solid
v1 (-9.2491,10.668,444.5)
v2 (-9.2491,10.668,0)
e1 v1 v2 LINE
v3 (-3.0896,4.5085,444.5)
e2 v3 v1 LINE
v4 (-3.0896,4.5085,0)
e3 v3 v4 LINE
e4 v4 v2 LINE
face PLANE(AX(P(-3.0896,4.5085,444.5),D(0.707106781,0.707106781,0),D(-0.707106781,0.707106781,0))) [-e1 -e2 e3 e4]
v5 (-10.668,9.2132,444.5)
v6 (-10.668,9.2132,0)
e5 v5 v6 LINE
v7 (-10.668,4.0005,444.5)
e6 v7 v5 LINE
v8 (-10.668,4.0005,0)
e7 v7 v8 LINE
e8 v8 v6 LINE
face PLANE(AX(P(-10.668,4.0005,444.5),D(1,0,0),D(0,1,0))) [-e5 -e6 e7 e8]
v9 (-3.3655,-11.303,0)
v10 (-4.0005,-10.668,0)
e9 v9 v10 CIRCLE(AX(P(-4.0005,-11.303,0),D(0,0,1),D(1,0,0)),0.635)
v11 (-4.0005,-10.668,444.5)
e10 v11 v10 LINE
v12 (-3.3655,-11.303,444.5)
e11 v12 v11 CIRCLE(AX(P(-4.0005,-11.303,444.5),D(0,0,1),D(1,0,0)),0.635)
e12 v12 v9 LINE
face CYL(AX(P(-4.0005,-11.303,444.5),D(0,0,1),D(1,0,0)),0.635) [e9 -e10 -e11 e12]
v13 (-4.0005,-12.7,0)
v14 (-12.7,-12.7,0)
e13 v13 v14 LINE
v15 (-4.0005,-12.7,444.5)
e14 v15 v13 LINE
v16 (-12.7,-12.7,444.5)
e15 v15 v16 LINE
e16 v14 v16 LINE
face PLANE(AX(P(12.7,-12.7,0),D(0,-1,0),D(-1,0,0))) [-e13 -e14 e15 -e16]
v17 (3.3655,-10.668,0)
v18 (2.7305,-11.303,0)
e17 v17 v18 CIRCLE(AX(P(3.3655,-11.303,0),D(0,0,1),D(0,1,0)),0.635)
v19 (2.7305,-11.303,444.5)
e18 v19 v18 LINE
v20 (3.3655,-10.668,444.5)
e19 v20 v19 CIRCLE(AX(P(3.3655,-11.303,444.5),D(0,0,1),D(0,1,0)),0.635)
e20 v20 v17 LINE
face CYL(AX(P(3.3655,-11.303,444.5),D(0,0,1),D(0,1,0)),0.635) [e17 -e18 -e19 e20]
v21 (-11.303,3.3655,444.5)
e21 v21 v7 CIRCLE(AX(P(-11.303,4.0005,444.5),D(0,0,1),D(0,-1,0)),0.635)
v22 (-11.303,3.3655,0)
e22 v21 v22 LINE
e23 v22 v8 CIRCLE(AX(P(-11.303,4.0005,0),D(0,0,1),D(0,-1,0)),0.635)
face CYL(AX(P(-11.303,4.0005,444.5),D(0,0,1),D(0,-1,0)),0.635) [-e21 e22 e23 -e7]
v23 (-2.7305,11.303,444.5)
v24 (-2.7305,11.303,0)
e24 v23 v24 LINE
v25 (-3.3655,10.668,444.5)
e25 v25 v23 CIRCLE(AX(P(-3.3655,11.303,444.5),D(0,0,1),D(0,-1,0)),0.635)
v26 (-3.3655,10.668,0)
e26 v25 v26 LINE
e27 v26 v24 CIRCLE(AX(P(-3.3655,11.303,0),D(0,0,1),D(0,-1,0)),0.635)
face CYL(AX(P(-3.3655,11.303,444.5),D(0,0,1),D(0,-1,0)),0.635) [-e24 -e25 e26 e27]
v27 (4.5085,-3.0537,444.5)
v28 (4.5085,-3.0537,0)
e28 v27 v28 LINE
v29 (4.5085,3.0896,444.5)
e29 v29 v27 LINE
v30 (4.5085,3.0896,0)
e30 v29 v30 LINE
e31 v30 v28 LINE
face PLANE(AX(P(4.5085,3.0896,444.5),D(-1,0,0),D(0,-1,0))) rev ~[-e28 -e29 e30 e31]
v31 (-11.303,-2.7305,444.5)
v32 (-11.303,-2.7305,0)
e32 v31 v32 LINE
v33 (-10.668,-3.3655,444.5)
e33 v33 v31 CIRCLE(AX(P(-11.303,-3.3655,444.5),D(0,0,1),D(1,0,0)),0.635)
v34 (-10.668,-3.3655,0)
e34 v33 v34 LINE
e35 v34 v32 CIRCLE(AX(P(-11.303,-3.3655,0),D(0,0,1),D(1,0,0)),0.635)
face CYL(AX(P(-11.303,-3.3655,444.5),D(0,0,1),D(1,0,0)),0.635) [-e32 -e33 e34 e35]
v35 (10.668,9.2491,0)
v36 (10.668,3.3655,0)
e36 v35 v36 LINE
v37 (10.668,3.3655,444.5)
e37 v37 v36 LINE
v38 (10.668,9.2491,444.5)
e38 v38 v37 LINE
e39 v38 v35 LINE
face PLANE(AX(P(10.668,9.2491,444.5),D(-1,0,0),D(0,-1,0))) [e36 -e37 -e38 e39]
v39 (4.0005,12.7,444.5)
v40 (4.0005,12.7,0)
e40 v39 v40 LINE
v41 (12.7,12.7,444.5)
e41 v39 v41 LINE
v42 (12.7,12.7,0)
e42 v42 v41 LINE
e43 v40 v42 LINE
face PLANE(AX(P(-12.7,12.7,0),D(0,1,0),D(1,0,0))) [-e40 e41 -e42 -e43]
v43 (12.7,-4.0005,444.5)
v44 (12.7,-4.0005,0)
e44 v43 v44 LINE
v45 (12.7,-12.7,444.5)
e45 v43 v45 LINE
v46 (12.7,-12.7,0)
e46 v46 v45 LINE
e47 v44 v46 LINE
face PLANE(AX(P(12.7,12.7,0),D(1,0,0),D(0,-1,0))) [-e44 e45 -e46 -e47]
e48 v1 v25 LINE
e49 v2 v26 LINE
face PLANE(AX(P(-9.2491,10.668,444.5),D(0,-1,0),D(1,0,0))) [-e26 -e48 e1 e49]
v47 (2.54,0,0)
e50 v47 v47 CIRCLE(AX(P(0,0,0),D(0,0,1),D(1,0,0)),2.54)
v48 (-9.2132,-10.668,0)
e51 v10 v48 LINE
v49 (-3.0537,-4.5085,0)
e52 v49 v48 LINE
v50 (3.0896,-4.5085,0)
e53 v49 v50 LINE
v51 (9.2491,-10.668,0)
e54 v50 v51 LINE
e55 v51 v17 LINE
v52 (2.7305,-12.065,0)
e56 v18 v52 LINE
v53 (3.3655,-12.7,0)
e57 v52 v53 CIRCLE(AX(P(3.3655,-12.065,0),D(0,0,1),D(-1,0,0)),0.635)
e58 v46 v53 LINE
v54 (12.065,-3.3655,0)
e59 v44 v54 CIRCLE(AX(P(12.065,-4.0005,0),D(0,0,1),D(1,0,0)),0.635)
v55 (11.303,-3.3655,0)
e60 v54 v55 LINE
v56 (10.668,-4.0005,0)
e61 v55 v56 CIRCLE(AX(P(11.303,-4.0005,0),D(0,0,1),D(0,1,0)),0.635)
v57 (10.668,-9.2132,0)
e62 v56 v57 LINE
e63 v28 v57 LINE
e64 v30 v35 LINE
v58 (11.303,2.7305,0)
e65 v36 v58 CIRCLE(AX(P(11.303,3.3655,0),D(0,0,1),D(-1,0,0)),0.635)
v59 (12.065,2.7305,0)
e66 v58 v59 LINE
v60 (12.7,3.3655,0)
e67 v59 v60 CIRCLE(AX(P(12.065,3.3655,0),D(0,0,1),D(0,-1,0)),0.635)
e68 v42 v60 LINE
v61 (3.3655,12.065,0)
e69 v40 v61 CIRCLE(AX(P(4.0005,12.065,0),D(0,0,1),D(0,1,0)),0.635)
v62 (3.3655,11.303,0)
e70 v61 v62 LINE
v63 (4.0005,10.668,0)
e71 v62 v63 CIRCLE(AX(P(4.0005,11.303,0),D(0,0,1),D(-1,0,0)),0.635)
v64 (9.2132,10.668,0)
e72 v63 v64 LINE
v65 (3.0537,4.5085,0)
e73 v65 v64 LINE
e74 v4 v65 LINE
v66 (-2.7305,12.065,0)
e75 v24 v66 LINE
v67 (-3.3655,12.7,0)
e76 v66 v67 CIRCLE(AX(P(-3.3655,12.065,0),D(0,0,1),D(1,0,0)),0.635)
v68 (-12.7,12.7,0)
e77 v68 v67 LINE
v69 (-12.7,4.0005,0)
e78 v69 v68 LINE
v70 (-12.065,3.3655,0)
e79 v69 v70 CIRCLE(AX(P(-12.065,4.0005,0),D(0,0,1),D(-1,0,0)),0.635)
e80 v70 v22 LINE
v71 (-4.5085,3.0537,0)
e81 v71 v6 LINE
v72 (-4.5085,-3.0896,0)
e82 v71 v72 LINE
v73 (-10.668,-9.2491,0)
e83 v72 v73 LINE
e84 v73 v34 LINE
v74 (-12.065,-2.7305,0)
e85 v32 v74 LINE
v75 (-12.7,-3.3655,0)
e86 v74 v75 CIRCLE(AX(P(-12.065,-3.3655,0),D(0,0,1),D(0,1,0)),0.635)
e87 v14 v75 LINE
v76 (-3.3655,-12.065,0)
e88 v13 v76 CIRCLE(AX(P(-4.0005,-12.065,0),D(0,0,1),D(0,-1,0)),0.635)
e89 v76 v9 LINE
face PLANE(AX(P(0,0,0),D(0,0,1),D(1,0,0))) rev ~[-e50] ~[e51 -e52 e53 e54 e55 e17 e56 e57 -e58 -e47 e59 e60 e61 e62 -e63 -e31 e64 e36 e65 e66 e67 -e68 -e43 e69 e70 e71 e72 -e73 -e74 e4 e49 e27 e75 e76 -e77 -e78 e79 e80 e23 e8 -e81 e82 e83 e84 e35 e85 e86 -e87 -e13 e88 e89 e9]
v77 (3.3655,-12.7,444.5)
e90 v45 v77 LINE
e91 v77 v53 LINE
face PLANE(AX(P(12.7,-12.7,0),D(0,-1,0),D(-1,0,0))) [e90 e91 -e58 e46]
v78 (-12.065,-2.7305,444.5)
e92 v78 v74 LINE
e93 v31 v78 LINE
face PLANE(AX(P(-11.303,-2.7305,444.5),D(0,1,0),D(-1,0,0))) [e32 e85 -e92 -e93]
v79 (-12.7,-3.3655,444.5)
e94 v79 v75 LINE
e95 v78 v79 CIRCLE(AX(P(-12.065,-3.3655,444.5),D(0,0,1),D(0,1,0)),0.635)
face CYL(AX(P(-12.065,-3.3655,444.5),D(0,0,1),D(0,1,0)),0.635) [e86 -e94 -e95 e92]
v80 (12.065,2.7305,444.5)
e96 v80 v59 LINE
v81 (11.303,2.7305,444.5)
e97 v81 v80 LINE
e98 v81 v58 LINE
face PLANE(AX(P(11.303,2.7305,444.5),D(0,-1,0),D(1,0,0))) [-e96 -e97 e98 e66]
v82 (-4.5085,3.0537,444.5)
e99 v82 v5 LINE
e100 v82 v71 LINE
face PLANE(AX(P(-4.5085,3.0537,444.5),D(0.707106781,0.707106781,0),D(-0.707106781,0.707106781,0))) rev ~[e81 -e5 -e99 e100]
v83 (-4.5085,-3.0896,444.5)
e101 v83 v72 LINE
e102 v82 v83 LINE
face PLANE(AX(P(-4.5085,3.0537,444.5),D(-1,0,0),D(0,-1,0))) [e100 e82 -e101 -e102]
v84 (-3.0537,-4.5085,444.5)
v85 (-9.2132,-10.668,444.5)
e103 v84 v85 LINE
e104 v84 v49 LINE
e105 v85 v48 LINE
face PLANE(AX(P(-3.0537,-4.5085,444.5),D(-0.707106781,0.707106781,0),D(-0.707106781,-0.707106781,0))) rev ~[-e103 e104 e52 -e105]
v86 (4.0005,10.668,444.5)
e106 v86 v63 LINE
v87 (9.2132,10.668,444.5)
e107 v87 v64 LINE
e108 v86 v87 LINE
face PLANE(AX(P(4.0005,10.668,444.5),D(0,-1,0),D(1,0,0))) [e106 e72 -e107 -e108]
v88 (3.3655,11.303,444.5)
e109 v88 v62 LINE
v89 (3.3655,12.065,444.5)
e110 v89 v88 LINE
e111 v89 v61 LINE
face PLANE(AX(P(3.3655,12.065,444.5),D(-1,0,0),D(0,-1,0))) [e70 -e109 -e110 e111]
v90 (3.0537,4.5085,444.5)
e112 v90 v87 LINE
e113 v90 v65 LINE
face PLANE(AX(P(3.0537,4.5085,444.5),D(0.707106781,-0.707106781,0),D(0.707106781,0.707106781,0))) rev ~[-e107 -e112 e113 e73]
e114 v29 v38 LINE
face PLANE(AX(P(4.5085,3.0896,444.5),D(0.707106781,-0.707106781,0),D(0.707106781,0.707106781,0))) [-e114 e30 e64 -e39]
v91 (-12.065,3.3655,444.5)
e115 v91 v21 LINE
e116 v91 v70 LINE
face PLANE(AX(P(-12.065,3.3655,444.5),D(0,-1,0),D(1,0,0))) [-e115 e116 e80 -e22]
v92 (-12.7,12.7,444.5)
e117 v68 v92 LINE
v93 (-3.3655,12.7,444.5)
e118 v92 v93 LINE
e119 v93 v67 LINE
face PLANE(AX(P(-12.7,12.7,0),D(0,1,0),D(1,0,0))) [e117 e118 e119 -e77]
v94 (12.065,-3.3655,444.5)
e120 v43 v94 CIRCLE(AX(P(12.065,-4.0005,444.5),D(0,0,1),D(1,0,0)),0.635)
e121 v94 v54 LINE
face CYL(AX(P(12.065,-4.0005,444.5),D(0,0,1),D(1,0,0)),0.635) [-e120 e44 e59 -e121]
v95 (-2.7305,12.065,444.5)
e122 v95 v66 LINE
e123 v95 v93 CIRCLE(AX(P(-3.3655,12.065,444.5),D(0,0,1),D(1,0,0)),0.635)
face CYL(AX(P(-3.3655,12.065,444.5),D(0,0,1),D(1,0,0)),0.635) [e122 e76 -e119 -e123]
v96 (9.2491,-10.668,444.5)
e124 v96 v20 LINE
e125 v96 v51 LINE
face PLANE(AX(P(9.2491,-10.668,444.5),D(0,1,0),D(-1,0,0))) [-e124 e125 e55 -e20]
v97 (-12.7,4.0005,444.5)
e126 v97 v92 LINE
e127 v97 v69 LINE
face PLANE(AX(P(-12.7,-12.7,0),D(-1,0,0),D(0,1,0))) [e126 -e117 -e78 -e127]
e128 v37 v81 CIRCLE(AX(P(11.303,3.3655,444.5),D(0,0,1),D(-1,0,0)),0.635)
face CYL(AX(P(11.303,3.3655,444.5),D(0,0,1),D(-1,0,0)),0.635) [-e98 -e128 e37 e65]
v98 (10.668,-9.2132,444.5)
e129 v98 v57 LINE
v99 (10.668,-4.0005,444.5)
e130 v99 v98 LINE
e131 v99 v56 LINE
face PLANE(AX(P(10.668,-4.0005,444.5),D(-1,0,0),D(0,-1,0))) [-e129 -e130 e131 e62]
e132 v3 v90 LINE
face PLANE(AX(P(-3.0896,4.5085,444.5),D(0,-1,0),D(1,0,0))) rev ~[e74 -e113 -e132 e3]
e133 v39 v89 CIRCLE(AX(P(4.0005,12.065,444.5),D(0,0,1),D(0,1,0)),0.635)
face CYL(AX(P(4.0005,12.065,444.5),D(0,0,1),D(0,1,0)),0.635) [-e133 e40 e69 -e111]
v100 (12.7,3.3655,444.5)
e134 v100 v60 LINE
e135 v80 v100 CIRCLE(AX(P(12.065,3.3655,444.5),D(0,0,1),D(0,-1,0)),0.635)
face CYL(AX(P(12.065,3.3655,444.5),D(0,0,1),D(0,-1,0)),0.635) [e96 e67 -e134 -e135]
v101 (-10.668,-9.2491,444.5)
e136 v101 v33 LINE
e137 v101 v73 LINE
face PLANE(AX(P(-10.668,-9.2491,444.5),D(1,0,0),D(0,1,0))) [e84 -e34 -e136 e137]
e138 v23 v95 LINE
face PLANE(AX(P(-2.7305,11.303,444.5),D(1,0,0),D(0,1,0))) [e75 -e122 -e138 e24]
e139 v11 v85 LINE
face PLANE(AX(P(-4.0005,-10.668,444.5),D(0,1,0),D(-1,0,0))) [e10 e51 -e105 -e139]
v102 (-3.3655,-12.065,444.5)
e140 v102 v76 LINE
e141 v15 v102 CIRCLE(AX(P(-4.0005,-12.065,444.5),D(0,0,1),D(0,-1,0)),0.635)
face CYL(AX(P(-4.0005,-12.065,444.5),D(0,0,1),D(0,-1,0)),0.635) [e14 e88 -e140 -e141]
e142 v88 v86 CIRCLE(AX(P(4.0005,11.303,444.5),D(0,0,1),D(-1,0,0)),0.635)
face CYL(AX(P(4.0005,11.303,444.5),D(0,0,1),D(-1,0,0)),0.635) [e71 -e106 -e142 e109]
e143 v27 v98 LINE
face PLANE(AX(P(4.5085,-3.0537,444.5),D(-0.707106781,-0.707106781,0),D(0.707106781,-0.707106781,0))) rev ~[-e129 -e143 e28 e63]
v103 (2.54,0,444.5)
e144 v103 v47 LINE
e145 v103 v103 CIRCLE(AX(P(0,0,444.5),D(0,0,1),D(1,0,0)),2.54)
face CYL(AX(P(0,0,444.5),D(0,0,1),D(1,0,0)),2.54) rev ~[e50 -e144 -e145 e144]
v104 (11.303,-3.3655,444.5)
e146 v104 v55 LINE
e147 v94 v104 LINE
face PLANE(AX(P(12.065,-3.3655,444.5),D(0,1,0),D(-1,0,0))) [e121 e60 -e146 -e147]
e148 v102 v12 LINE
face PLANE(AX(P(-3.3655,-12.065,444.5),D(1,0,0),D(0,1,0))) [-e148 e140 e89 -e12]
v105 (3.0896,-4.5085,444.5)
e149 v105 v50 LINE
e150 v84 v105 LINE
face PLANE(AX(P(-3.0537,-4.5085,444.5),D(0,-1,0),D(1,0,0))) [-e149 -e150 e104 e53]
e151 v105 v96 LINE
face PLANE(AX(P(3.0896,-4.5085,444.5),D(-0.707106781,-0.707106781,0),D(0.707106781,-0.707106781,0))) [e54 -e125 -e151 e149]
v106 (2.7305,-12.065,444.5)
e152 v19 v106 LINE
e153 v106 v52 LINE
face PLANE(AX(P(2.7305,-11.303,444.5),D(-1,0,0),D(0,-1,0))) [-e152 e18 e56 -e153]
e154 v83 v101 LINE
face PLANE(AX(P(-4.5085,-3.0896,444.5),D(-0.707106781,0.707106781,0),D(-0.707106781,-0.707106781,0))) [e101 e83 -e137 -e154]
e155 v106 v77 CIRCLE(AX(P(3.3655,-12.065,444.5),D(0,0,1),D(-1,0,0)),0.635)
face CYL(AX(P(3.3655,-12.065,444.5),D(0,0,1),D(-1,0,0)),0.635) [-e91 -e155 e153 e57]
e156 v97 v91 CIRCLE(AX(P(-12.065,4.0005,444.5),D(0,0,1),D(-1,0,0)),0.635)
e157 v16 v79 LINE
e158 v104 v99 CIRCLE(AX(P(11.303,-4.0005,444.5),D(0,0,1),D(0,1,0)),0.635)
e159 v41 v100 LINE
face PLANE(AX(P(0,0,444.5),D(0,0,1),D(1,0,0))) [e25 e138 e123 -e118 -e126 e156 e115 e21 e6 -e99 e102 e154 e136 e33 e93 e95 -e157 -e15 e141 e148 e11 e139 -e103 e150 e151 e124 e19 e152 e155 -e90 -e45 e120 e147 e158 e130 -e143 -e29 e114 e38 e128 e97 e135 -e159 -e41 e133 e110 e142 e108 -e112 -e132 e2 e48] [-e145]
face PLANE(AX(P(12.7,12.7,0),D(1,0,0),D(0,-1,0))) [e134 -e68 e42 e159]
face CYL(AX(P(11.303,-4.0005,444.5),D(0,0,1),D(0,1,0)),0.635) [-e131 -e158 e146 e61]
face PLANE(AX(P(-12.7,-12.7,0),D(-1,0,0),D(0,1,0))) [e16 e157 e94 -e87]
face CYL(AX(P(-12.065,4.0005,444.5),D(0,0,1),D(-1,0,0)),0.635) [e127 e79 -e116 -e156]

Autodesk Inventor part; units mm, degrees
ref_plane "YZ Plane" through (0, 0, 0) normal (1, 0, 0) x (0, 1, 0)
ref_plane "XZ Plane" through (0, 0, 0) normal (0, 1, 0) x (-1, 0, 0)
ref_plane "XY Plane" through (0, 0, 0) normal (0, 0, 1) x (1, 0, 0)
sketch "Sketch1" plane through (0, 0, 0) normal (0, 0, 1) x (1, 0, 0)
  line L0 (-12.7, 12.7) -> (12.7, 12.7)
  line L1 (12.7, 12.7) -> (12.7, -12.7)
  line L2 (12.7, -12.7) -> (-12.7, -12.7)
  line L3 (-12.7, -12.7) -> (-12.7, 12.7)
  point P0 (0, 0)
  dimension "d0" = 25.4
  dimension "d1" = 25.4
  dimension "d2" = 12.7
  dimension "d3" = 12.7
extrude "Extrusion1" add sketch "Sketch1" along normal blind 444.5
sketch "Sketch2" plane through (0, 0, 444.5) normal (0, 0, 1) x (1, 0, 0)
  circle A0 centre (0, 0) radius 2.54
  line L0 (-4.5085, 4.5085) -> (4.5085, 4.5085)
  line L1 (-4.5085, -4.5085) -> (4.5085, -4.5085)
  line L2 (4.5085, 4.5085) -> (4.5085, -4.5085)
  line L3 (-4.5085, 4.5085) -> (-4.5085, -4.5085)
  line L4 (-3.0896, 4.5085) -> (-11.2811, 12.7)
  line L5 (-4.5085, 3.0537) -> (-12.7, 11.2452)
  line L6 (12.7, 12.7) -> (-12.7, 12.7) projected
  line L7 (-12.7, 12.7) -> (-12.7, 4.0005)
  line L8 (-10.668, 4.0005) -> (-10.668, 9.2132)
  line L9 (-9.2491, 10.668) -> (-3.3655, 10.668)
  line L10 (-12.7, 12.7) -> (-3.3655, 12.7)
  line L11 (-2.7305, 11.303) -> (-2.7305, 12.065)
  line L12 (-12.065, 3.3655) -> (-11.303, 3.3655)
  arc A1 (-12.7, 4.0005) -> (-12.065, 3.3655) centre (-12.065, 4.0005) ccw
  arc A2 (-11.303, 3.3655) -> (-10.668, 4.0005) centre (-11.303, 4.0005) ccw
  arc A3 (-3.3655, 10.668) -> (-2.7305, 11.303) centre (-3.3655, 11.303) ccw
  arc A4 (-2.7305, 12.065) -> (-3.3655, 12.7) centre (-3.3655, 12.065) ccw
  arc A5 (-3.3655, -11.303) -> (-4.0005, -10.668) centre (-4.0005, -11.303) ccw
  line L13 (-3.3655, -12.065) -> (-3.3655, -11.303)
  arc A6 (-4.0005, -12.7) -> (-3.3655, -12.065) centre (-4.0005, -12.065) ccw
  line L14 (-3.0537, -4.5085) -> (-11.2452, -12.7)
  line L15 (-10.668, -9.2491) -> (-10.668, -3.3655)
  line L16 (-4.5085, -3.0896) -> (-12.7, -11.2811)
  line L17 (-12.7, -12.7) -> (-12.7, -3.3655)
  arc A7 (-10.668, -3.3655) -> (-11.303, -2.7305) centre (-11.303, -3.3655) ccw
  line L18 (-11.303, -2.7305) -> (-12.065, -2.7305)
  arc A8 (-12.065, -2.7305) -> (-12.7, -3.3655) centre (-12.065, -3.3655) ccw
  line L19 (-4.0005, -10.668) -> (-9.2132, -10.668)
  line L20 (-12.7, -12.7) -> (-4.0005, -12.7)
  arc A9 (11.303, -3.3655) -> (10.668, -4.0005) centre (11.303, -4.0005) ccw
  line L21 (12.065, -3.3655) -> (11.303, -3.3655)
  arc A10 (12.7, -4.0005) -> (12.065, -3.3655) centre (12.065, -4.0005) ccw
  line L22 (4.5085, -3.0537) -> (12.7, -11.2452)
  line L23 (9.2491, -10.668) -> (3.3655, -10.668)
  line L24 (3.0896, -4.5085) -> (11.2811, -12.7)
  line L25 (12.7, -12.7) -> (3.3655, -12.7)
  arc A11 (3.3655, -10.668) -> (2.7305, -11.303) centre (3.3655, -11.303) ccw
  line L26 (2.7305, -11.303) -> (2.7305, -12.065)
  arc A12 (2.7305, -12.065) -> (3.3655, -12.7) centre (3.3655, -12.065) ccw
  line L27 (10.668, -4.0005) -> (10.668, -9.2132)
  line L28 (12.7, -12.7) -> (12.7, -4.0005)
  arc A13 (3.3655, 11.303) -> (4.0005, 10.668) centre (4.0005, 11.303) ccw
  line L29 (3.3655, 12.065) -> (3.3655, 11.303)
  arc A14 (4.0005, 12.7) -> (3.3655, 12.065) centre (4.0005, 12.065) ccw
  line L30 (3.0537, 4.5085) -> (11.2452, 12.7)
  line L31 (10.668, 9.2491) -> (10.668, 3.3655)
  line L32 (4.5085, 3.0896) -> (12.7, 11.2811)
  line L33 (12.7, 12.7) -> (12.7, 3.3655)
  arc A15 (10.668, 3.3655) -> (11.303, 2.7305) centre (11.303, 3.3655) ccw
  line L34 (11.303, 2.7305) -> (12.065, 2.7305)
  arc A16 (12.065, 2.7305) -> (12.7, 3.3655) centre (12.065, 3.3655) ccw
  line L35 (4.0005, 10.668) -> (9.2132, 10.668)
  line L36 (12.7, 12.7) -> (4.0005, 12.7)
  line L37 (-4.5085, 3.0537) -> (-4.5085, 4.5085)
  line L38 (-3.0896, 4.5085) -> (-4.5085, 4.5085)
  line L39 (-12.7, -12.7) -> (-4.0005, -12.7)
  line L40 (-4.0005, -10.668) -> (-9.2132, -10.668)
  line L41 (-10.668, -9.2491) -> (-10.668, -3.3655)
  line L42 (-12.7, -12.7) -> (-12.7, -3.3655)
  line L43 (-11.303, -2.7305) -> (-12.065, -2.7305)
  arc A17 (-10.668, -3.3655) -> (-11.303, -2.7305) centre (-11.303, -3.3655) ccw
  arc A18 (-12.065, -2.7305) -> (-12.7, -3.3655) centre (-12.065, -3.3655) ccw
  line L44 (-4.5085, -3.0896) -> (-4.5085, -4.5085)
  line L45 (-4.5085, -3.0896) -> (-12.7, -11.2811)
  line L46 (-3.0537, -4.5085) -> (-4.5085, -4.5085)
  line L47 (-3.0537, -4.5085) -> (-11.2452, -12.7)
  line L48 (-4.5085, -4.5085) -> (-4.5085, 4.5085)
  circle A19 centre (0, 0) radius 2.54
  line L49 (-4.5085, -4.5085) -> (4.5085, -4.5085)
  line L50 (-3.3655, -12.065) -> (-3.3655, -11.303)
  arc A20 (-4.0005, -12.7) -> (-3.3655, -12.065) centre (-4.0005, -12.065) ccw
  arc A21 (-3.3655, -11.303) -> (-4.0005, -10.668) centre (-4.0005, -11.303) ccw
  line L51 (12.7, -12.7) -> (12.7, -4.0005)
  line L52 (10.668, -4.0005) -> (10.668, -9.2132)
  line L53 (9.2491, -10.668) -> (3.3655, -10.668)
  line L54 (12.7, -12.7) -> (3.3655, -12.7)
  line L55 (2.7305, -11.303) -> (2.7305, -12.065)
  arc A22 (3.3655, -10.668) -> (2.7305, -11.303) centre (3.3655, -11.303) ccw
  arc A23 (2.7305, -12.065) -> (3.3655, -12.7) centre (3.3655, -12.065) ccw
  line L56 (3.0896, -4.5085) -> (4.5085, -4.5085)
  line L57 (3.0896, -4.5085) -> (11.2811, -12.7)
  line L58 (4.5085, -3.0537) -> (4.5085, -4.5085)
  line L59 (4.5085, -3.0537) -> (12.7, -11.2452)
  line L60 (4.5085, -4.5085) -> (-4.5085, -4.5085)
  circle A24 centre (0, 0) radius 2.54
  line L61 (4.5085, -4.5085) -> (4.5085, 4.5085)
  line L62 (12.065, -3.3655) -> (11.303, -3.3655)
  arc A25 (12.7, -4.0005) -> (12.065, -3.3655) centre (12.065, -4.0005) ccw
  arc A26 (11.303, -3.3655) -> (10.668, -4.0005) centre (11.303, -4.0005) ccw
  line L63 (12.7, 12.7) -> (4.0005, 12.7)
  line L64 (4.0005, 10.668) -> (9.2132, 10.668)
  line L65 (10.668, 9.2491) -> (10.668, 3.3655)
  line L66 (12.7, 12.7) -> (12.7, 3.3655)
  line L67 (11.303, 2.7305) -> (12.065, 2.7305)
  arc A27 (10.668, 3.3655) -> (11.303, 2.7305) centre (11.303, 3.3655) ccw
  arc A28 (12.065, 2.7305) -> (12.7, 3.3655) centre (12.065, 3.3655) ccw
  line L68 (4.5085, 3.0896) -> (4.5085, 4.5085)
  line L69 (4.5085, 3.0896) -> (12.7, 11.2811)
  line L70 (3.0537, 4.5085) -> (4.5085, 4.5085)
  line L71 (3.0537, 4.5085) -> (11.2452, 12.7)
  line L72 (4.5085, 4.5085) -> (4.5085, -4.5085)
  circle A29 centre (0, 0) radius 2.54
  line L73 (4.5085, 4.5085) -> (-4.5085, 4.5085)
  line L74 (3.3655, 12.065) -> (3.3655, 11.303)
  arc A30 (4.0005, 12.7) -> (3.3655, 12.065) centre (4.0005, 12.065) ccw
  arc A31 (3.3655, 11.303) -> (4.0005, 10.668) centre (4.0005, 11.303) ccw
  point P0 (-12.7, 3.3655)
  point P1 (-2.7305, 12.7)
  point P2 (-3.3655, -12.7)
  point P3 (-12.7, -2.7305)
  point P4 (12.7, -3.3655)
  point P5 (2.7305, -12.7)
  point P6 (3.3655, 12.7)
  point P7 (12.7, 2.7305)
  point P8 (-3.3655, -12.7)
  point P9 (-12.7, -2.7305)
  point P10 (12.7, -3.3655)
  point P11 (2.7305, -12.7)
  point P12 (3.3655, 12.7)
  point P13 (12.7, 2.7305)
  dimension "d6" = 5.08
  dimension "d7" = 9.017
  dimension "d8" = 4.5085
  dimension "d9" = 4.5085
  dimension "d10" = 4.5085
  dimension "d11" = 2.032
  dimension "d12" = 1.0033
  dimension "d13" = 135
  dimension "d17" = 9.3345
  dimension "d19" = 2.032
  dimension "d20" = 2.032
  dimension "d21" = 0.635
  dimension "d22" = 9.3345
  dimension "d25" = 360
  dimension "d29" = 360
extrude "Extrusion2" cut sketch "Sketch2" against normal blind 1219.2 contours L3 L5 L7 L6 L4 L0 | L0 L2 L1 L3 | L30 L6 L33 L32 L2 L0 | L4 L6 A4 L11 A3 L9 | L3 L1 L14 L20 L17 L16 | L8 A2 L12 A1 L7 L5 | L35 A13 L29 A14 L6 L30 | L16 L17 A8 L18 A7 L15 | L22 L28 L25 L24 L1 L2 | L32 L33 A16 L34 A15 L31 | L19 A5 L13 A6 L20 L14 | L27 A9 L21 A10 L28 L22 | L24 L25 A12 L26 A11 L23 keep common part
equation "\"d22\" = d17"
properties part number "Outside side vertical"
